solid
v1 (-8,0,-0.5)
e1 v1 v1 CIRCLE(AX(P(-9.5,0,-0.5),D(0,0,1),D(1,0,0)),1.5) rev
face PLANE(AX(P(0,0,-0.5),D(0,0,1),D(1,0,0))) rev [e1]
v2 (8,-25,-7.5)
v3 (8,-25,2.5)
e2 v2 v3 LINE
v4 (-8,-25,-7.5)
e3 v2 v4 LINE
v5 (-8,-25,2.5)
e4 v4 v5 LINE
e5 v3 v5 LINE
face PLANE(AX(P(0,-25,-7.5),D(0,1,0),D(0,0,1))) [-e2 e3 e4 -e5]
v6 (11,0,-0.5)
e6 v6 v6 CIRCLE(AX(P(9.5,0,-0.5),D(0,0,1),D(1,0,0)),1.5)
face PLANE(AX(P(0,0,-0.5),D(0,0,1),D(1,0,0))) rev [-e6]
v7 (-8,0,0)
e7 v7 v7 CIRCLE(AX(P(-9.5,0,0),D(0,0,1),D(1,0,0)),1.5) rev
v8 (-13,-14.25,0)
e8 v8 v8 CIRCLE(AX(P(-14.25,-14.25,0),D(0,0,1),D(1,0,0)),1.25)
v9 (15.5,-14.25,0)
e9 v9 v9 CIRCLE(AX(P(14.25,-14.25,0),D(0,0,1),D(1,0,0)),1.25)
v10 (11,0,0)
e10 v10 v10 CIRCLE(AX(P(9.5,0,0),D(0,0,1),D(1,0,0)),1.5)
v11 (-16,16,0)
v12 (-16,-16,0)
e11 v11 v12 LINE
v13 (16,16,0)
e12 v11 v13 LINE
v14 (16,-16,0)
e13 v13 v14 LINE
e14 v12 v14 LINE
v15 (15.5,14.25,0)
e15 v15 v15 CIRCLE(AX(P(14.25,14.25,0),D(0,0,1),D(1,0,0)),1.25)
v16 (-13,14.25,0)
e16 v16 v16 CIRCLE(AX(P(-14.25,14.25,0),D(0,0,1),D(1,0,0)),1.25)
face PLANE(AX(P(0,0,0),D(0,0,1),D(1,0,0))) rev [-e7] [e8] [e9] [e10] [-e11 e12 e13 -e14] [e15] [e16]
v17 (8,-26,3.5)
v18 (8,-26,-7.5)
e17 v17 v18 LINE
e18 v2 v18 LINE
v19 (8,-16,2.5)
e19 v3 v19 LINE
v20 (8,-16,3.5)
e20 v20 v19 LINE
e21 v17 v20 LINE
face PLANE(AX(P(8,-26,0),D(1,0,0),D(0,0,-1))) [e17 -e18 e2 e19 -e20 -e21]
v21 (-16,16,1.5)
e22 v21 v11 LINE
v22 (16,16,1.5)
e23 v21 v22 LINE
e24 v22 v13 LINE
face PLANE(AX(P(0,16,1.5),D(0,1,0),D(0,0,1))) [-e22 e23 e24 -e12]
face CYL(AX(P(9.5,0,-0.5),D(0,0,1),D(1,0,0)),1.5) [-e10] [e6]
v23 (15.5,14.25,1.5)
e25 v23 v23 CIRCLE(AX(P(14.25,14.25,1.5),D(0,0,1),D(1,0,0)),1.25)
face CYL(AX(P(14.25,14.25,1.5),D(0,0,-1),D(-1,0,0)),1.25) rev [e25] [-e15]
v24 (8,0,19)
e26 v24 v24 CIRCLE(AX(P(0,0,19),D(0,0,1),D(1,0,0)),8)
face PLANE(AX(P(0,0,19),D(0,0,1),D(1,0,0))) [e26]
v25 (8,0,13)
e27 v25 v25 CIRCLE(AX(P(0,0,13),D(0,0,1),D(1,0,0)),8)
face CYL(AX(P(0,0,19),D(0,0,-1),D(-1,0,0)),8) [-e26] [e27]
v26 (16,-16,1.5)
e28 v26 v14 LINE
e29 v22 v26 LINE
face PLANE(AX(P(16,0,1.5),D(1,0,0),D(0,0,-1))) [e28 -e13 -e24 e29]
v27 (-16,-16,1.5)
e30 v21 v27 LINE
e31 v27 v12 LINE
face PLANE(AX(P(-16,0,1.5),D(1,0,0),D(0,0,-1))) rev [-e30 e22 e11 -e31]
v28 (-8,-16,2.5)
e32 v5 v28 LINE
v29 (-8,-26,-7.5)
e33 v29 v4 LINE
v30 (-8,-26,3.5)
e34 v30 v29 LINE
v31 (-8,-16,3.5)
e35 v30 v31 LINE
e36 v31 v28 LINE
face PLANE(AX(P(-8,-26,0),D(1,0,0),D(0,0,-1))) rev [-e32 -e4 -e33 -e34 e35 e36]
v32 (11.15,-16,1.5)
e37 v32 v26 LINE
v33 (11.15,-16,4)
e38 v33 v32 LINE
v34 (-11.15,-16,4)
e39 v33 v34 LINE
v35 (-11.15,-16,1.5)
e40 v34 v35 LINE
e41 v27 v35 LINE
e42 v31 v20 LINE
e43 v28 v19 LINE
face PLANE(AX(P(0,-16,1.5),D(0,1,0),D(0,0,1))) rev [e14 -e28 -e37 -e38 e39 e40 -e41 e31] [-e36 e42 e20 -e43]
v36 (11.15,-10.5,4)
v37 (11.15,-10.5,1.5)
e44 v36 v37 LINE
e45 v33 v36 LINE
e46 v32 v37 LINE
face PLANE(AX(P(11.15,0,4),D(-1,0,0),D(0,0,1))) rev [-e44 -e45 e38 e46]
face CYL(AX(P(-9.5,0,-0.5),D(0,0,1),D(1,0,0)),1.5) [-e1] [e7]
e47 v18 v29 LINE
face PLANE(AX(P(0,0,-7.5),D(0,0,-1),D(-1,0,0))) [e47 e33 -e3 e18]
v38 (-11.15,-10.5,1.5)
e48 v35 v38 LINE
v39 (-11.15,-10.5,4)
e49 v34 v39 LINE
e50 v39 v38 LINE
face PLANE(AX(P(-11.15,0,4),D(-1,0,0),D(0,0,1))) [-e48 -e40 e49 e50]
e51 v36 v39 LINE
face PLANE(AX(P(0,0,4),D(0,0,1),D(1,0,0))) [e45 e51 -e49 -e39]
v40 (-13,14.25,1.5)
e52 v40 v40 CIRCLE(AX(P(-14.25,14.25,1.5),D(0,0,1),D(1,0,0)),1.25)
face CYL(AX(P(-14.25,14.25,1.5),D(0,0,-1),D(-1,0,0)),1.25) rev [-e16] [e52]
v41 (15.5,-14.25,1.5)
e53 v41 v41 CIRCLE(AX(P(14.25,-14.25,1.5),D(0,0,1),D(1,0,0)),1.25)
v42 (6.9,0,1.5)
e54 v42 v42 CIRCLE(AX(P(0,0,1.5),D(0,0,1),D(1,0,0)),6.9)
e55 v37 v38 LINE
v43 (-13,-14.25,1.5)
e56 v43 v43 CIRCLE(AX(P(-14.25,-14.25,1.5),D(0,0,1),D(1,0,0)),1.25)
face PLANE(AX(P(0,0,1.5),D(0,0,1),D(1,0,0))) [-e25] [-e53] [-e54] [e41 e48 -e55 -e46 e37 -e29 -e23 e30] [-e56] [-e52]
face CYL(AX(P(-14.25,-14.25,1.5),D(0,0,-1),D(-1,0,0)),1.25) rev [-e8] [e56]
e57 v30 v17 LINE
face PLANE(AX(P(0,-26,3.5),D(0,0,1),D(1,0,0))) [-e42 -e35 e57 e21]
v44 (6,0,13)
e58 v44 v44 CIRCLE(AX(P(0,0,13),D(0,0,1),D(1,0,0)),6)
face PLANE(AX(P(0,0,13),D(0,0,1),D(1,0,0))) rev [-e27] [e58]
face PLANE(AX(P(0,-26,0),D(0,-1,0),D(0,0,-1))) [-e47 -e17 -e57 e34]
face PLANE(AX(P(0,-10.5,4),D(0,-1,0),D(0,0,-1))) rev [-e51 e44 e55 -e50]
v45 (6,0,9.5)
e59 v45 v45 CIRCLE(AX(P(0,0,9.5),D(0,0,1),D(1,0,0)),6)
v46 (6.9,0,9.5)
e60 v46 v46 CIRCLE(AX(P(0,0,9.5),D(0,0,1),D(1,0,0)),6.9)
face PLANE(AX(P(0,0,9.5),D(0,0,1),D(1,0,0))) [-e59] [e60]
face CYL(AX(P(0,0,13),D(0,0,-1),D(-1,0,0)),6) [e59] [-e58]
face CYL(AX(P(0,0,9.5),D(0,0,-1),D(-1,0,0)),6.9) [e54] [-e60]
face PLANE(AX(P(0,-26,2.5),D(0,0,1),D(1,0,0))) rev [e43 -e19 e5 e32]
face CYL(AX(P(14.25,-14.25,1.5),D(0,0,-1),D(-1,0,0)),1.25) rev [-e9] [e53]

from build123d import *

# Parameters (mm, degrees)
SKETCH_1_W         = 32
SKETCH_1_H         = 32
SKETCH_1_R         = 1.25
EXTRUDE_1472_DEPTH = 1.5
EXTRUDE_START      = 1.5
SKETCH_1_3_W       = 22.3
SKETCH_1_3_H       = 5.5
EXTRUDE_1647_DEPTH = 2.5
SKETCH_1_4_R       = 6.9
SKETCH_1_4_R_2     = 6
EXTRUDE_1817_DEPTH = 8
EXTRUDE_START_2    = 9.5
SKETCH_1_5_R       = 6
EXTRUDE_1989_DEPTH = 3.5
EXTRUDE_START_3    = 13
SKETCH_1_6_R       = 8
SKETCH_1_6_R_2     = 6.9
SKETCH_1_6_R_3     = 6
EXTRUDE_2083_DEPTH = 6
SKETCH_1_7_R       = 1.5
EXTRUDE_2264_DEPTH = 0.5
SKETCH_2_W         = 16
SKETCH_2_H         = 1
EXTRUDE_2724_DEPTH = 10
SKETCH_3_W         = 16
SKETCH_3_H         = 1
EXTRUDE_3021_DEPTH = 10


with BuildPart() as part:
    # Эскиз1 → Extrude 1472 (new body)
    with BuildSketch(Plane.XY):
        Rectangle(SKETCH_1_W, SKETCH_1_H)
        with Locations((-14.25, -14.25)):
            Circle(SKETCH_1_R, mode=Mode.SUBTRACT)
        with Locations((14.25, -14.25)):
            Circle(SKETCH_1_R, mode=Mode.SUBTRACT)
        with Locations((-14.25, 14.25)):
            Circle(SKETCH_1_R, mode=Mode.SUBTRACT)
        with Locations((14.25, 14.25)):
            Circle(SKETCH_1_R, mode=Mode.SUBTRACT)
    extrude(amount=EXTRUDE_1472_DEPTH)

    # Эскиз1<3> → Extrude 1647 (add)
    with BuildSketch(Plane.XY.offset(EXTRUDE_START)):
        with Locations((0, -13.25)):
            Rectangle(SKETCH_1_3_W, SKETCH_1_3_H)
    extrude(amount=EXTRUDE_1647_DEPTH)

    # Эскиз1<4> → Extrude 1817 (add)
    with BuildSketch(Plane.XY.offset(EXTRUDE_START)):
        Circle(SKETCH_1_4_R)
        Circle(SKETCH_1_4_R_2, mode=Mode.SUBTRACT)
        Circle(SKETCH_1_4_R_2)
    extrude(amount=EXTRUDE_1817_DEPTH)

    # Эскиз1<5> → Extrude 1989 (add)
    with BuildSketch(Plane.XY.offset(EXTRUDE_START_2)):
        Circle(SKETCH_1_5_R)
    extrude(amount=EXTRUDE_1989_DEPTH)

    # Эскиз1<6> → Extrude 2083 (add)
    with BuildSketch(Plane.XY.offset(EXTRUDE_START_3)):
        Circle(SKETCH_1_6_R)
        Circle(SKETCH_1_6_R_2, mode=Mode.SUBTRACT)
        Circle(SKETCH_1_6_R_2)
        Circle(SKETCH_1_6_R_3, mode=Mode.SUBTRACT)
        Circle(SKETCH_1_6_R_3)
    extrude(amount=EXTRUDE_2083_DEPTH)

    # Эскиз1<7> → Extrude 2264 (add)
    with BuildSketch(Plane.XY):
        with Locations((9.5, 0)):
            Circle(SKETCH_1_7_R)
        with Locations((-9.5, 0)):
            Circle(SKETCH_1_7_R)
    extrude(amount=-EXTRUDE_2264_DEPTH)

    # Эскиз2 → Extrude 2724 (add)
    with BuildSketch(Plane.XZ.offset(16)):
        with Locations((0, 3)):
            Rectangle(SKETCH_2_W, SKETCH_2_H)
    extrude(amount=EXTRUDE_2724_DEPTH)

    # Эскиз3 → Extrude 3021 (add)
    with BuildSketch(Plane(origin=(0, 0, 2.5), x_dir=(-1, 0, 0), z_dir=(0, 0, -1))):
        with Locations((0, -25.5)):
            Rectangle(SKETCH_3_W, SKETCH_3_H)
    extrude(amount=EXTRUDE_3021_DEPTH)


solid = part.part
